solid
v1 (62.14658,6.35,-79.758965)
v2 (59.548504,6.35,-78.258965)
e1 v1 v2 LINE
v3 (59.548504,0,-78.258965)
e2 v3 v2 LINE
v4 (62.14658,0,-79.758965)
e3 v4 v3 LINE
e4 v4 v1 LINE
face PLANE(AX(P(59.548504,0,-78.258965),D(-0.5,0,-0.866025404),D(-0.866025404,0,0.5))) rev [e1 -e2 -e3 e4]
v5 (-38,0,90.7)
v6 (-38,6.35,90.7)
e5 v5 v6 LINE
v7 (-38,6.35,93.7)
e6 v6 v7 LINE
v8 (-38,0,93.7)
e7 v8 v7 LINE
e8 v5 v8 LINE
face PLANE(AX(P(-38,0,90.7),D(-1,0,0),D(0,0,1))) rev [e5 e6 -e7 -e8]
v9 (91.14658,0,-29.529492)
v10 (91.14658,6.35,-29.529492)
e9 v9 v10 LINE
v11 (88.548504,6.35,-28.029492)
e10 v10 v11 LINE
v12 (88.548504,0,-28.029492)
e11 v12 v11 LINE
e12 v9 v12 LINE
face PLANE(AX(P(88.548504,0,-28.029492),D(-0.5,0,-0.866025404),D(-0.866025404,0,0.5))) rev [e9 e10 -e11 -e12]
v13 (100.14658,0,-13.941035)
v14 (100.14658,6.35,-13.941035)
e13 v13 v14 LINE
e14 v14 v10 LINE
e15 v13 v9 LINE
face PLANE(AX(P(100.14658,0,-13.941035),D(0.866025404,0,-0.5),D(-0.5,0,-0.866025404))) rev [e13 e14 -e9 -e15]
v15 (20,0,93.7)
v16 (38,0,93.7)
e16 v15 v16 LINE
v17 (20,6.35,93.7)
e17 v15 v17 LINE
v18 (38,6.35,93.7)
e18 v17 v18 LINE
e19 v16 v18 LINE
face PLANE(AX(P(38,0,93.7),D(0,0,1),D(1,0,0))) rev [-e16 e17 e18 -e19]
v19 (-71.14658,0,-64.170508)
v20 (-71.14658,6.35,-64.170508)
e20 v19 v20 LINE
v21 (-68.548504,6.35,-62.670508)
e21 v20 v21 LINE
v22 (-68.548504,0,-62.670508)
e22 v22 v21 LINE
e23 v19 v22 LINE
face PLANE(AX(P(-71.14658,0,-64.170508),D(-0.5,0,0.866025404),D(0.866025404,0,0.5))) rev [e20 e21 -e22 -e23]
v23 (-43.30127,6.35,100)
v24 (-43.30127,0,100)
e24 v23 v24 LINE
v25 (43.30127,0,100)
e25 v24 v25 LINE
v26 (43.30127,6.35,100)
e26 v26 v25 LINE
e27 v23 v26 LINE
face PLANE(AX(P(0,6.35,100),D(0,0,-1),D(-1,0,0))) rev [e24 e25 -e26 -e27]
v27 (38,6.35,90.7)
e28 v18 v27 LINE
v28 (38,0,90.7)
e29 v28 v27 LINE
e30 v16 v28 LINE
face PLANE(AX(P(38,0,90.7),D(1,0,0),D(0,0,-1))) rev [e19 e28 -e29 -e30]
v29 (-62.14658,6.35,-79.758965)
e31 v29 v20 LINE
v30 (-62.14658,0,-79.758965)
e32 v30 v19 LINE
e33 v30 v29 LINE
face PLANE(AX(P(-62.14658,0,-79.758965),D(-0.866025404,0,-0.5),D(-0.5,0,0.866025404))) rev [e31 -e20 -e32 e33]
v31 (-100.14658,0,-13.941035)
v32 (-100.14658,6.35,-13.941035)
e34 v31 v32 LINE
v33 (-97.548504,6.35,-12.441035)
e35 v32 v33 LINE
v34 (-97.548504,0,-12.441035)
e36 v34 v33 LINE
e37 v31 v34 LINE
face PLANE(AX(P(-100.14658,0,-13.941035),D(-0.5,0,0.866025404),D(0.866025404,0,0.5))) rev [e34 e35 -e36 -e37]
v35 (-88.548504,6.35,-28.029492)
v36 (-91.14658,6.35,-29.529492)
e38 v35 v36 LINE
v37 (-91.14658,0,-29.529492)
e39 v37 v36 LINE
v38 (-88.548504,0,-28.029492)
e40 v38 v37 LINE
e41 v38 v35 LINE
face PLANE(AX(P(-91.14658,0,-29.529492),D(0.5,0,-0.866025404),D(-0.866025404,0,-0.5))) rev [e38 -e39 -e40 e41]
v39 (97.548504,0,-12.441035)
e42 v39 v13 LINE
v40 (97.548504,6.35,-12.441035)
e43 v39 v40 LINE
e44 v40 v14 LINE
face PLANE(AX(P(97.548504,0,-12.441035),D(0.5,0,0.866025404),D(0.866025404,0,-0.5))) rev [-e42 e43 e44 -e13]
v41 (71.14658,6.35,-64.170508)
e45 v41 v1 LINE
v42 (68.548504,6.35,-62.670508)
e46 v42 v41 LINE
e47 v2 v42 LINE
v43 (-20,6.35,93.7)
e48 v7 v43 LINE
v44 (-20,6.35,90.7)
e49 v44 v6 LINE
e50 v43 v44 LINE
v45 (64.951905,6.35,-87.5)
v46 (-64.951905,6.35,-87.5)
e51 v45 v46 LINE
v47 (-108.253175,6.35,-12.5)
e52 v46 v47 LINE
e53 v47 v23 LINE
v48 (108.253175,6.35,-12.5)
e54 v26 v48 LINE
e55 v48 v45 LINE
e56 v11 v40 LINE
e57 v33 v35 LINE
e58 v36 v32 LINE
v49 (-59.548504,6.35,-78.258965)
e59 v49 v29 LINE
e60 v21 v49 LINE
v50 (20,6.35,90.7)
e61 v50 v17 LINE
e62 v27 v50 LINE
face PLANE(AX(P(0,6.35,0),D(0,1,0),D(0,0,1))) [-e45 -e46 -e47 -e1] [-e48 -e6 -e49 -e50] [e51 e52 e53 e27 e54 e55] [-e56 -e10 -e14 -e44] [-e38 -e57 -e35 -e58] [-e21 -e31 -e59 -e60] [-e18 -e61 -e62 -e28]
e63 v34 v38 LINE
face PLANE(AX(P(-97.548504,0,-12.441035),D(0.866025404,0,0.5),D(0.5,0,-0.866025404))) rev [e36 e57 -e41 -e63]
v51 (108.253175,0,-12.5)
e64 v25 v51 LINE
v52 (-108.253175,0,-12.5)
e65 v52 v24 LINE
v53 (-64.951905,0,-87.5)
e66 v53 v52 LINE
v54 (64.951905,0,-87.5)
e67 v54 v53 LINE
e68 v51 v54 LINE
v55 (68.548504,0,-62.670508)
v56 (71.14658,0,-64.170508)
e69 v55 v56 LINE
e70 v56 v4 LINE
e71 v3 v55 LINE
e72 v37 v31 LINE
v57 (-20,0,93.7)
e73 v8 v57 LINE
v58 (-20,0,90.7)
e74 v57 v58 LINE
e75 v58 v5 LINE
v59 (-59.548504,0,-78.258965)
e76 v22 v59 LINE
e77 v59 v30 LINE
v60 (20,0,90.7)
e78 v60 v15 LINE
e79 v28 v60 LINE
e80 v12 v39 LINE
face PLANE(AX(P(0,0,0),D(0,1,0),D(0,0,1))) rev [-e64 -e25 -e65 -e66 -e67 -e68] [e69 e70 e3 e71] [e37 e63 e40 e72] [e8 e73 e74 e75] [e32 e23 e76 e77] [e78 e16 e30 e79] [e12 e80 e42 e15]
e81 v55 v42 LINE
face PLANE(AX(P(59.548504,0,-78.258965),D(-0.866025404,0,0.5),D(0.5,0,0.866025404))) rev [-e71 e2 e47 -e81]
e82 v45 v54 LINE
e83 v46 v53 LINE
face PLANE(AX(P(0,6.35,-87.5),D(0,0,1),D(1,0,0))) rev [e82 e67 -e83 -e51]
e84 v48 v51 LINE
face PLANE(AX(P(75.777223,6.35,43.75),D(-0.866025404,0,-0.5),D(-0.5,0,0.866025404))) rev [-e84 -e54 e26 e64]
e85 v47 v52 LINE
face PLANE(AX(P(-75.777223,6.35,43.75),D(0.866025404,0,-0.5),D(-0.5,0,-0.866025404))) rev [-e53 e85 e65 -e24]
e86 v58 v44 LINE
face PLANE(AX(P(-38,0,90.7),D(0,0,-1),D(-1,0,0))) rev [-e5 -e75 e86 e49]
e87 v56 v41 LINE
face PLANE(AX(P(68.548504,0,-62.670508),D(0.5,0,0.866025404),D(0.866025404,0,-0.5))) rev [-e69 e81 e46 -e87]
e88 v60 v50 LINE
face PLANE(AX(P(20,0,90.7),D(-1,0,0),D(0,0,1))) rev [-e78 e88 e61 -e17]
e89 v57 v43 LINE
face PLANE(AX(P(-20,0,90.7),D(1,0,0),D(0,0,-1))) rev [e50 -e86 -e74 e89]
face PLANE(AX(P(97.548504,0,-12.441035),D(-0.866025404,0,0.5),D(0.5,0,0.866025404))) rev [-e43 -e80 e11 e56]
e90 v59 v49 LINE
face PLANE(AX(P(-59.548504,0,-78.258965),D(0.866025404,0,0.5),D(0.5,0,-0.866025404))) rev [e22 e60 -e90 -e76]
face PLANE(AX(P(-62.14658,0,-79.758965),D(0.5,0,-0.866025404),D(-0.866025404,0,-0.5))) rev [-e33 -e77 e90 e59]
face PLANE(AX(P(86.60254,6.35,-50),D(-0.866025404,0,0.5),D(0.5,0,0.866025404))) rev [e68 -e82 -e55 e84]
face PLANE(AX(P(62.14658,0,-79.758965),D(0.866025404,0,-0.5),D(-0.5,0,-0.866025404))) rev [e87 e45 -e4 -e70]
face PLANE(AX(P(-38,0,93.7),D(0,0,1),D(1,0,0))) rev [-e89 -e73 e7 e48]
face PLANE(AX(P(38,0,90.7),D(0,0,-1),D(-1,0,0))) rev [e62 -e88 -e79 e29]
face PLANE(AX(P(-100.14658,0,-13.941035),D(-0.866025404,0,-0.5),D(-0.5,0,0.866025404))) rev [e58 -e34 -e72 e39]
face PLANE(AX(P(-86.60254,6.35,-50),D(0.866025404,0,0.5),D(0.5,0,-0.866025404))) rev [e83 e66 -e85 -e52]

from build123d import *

# Parameters (mm, degrees)
BOSS_EXTRUDE1_DEPTH = 6.35
SKETCH2_W           = 18
SKETCH2_H           = 3
CUT_EXTRUDE1_DEPTH  = 148.509567486


with BuildPart() as part:
    # Sketch1 → Boss-Extrude1 (new body)
    with BuildSketch(Plane(origin=(0, 0, 0), x_dir=(1, 0, 0), z_dir=(0, 1, 0))):
        Polygon((64.951905284, 87.5), (-64.951905284, 87.5), (-108.253175473, 12.5), (-43.301270189, -100), (43.301270189, -100), (108.253175473, 12.5), align=None)
    extrude(amount=BOSS_EXTRUDE1_DEPTH)

    # Sketch2 → Cut-Extrude1 (cut, through all)
    with BuildSketch(Plane(origin=(0, 6.35, 0), x_dir=(1, 0, 0), z_dir=(0, 1, 0))):
        with Locations((-29, -92.2)):
            Rectangle(SKETCH2_W, SKETCH2_H)
        with Locations((29, -92.2)):
            Rectangle(SKETCH2_W, SKETCH2_H)
        Polygon((-62.146580335, 79.758965344), (-59.548504123, 78.258965344), (-68.548504123, 62.670508076), (-71.146580335, 64.170508076), align=None)
        Polygon((-97.548504123, 12.441034656), (-88.548504123, 28.029491924), (-91.146580335, 29.529491924), (-100.146580335, 13.941034656), align=None)
        Polygon((100.146580335, 13.941034656), (91.146580335, 29.529491924), (88.548504123, 28.029491924), (97.548504123, 12.441034656), align=None)
        Polygon((59.548504123, 78.258965344), (62.146580335, 79.758965344), (71.146580335, 64.170508076), (68.548504123, 62.670508076), align=None)
    extrude(amount=-CUT_EXTRUDE1_DEPTH, mode=Mode.SUBTRACT)


solid = part.part
